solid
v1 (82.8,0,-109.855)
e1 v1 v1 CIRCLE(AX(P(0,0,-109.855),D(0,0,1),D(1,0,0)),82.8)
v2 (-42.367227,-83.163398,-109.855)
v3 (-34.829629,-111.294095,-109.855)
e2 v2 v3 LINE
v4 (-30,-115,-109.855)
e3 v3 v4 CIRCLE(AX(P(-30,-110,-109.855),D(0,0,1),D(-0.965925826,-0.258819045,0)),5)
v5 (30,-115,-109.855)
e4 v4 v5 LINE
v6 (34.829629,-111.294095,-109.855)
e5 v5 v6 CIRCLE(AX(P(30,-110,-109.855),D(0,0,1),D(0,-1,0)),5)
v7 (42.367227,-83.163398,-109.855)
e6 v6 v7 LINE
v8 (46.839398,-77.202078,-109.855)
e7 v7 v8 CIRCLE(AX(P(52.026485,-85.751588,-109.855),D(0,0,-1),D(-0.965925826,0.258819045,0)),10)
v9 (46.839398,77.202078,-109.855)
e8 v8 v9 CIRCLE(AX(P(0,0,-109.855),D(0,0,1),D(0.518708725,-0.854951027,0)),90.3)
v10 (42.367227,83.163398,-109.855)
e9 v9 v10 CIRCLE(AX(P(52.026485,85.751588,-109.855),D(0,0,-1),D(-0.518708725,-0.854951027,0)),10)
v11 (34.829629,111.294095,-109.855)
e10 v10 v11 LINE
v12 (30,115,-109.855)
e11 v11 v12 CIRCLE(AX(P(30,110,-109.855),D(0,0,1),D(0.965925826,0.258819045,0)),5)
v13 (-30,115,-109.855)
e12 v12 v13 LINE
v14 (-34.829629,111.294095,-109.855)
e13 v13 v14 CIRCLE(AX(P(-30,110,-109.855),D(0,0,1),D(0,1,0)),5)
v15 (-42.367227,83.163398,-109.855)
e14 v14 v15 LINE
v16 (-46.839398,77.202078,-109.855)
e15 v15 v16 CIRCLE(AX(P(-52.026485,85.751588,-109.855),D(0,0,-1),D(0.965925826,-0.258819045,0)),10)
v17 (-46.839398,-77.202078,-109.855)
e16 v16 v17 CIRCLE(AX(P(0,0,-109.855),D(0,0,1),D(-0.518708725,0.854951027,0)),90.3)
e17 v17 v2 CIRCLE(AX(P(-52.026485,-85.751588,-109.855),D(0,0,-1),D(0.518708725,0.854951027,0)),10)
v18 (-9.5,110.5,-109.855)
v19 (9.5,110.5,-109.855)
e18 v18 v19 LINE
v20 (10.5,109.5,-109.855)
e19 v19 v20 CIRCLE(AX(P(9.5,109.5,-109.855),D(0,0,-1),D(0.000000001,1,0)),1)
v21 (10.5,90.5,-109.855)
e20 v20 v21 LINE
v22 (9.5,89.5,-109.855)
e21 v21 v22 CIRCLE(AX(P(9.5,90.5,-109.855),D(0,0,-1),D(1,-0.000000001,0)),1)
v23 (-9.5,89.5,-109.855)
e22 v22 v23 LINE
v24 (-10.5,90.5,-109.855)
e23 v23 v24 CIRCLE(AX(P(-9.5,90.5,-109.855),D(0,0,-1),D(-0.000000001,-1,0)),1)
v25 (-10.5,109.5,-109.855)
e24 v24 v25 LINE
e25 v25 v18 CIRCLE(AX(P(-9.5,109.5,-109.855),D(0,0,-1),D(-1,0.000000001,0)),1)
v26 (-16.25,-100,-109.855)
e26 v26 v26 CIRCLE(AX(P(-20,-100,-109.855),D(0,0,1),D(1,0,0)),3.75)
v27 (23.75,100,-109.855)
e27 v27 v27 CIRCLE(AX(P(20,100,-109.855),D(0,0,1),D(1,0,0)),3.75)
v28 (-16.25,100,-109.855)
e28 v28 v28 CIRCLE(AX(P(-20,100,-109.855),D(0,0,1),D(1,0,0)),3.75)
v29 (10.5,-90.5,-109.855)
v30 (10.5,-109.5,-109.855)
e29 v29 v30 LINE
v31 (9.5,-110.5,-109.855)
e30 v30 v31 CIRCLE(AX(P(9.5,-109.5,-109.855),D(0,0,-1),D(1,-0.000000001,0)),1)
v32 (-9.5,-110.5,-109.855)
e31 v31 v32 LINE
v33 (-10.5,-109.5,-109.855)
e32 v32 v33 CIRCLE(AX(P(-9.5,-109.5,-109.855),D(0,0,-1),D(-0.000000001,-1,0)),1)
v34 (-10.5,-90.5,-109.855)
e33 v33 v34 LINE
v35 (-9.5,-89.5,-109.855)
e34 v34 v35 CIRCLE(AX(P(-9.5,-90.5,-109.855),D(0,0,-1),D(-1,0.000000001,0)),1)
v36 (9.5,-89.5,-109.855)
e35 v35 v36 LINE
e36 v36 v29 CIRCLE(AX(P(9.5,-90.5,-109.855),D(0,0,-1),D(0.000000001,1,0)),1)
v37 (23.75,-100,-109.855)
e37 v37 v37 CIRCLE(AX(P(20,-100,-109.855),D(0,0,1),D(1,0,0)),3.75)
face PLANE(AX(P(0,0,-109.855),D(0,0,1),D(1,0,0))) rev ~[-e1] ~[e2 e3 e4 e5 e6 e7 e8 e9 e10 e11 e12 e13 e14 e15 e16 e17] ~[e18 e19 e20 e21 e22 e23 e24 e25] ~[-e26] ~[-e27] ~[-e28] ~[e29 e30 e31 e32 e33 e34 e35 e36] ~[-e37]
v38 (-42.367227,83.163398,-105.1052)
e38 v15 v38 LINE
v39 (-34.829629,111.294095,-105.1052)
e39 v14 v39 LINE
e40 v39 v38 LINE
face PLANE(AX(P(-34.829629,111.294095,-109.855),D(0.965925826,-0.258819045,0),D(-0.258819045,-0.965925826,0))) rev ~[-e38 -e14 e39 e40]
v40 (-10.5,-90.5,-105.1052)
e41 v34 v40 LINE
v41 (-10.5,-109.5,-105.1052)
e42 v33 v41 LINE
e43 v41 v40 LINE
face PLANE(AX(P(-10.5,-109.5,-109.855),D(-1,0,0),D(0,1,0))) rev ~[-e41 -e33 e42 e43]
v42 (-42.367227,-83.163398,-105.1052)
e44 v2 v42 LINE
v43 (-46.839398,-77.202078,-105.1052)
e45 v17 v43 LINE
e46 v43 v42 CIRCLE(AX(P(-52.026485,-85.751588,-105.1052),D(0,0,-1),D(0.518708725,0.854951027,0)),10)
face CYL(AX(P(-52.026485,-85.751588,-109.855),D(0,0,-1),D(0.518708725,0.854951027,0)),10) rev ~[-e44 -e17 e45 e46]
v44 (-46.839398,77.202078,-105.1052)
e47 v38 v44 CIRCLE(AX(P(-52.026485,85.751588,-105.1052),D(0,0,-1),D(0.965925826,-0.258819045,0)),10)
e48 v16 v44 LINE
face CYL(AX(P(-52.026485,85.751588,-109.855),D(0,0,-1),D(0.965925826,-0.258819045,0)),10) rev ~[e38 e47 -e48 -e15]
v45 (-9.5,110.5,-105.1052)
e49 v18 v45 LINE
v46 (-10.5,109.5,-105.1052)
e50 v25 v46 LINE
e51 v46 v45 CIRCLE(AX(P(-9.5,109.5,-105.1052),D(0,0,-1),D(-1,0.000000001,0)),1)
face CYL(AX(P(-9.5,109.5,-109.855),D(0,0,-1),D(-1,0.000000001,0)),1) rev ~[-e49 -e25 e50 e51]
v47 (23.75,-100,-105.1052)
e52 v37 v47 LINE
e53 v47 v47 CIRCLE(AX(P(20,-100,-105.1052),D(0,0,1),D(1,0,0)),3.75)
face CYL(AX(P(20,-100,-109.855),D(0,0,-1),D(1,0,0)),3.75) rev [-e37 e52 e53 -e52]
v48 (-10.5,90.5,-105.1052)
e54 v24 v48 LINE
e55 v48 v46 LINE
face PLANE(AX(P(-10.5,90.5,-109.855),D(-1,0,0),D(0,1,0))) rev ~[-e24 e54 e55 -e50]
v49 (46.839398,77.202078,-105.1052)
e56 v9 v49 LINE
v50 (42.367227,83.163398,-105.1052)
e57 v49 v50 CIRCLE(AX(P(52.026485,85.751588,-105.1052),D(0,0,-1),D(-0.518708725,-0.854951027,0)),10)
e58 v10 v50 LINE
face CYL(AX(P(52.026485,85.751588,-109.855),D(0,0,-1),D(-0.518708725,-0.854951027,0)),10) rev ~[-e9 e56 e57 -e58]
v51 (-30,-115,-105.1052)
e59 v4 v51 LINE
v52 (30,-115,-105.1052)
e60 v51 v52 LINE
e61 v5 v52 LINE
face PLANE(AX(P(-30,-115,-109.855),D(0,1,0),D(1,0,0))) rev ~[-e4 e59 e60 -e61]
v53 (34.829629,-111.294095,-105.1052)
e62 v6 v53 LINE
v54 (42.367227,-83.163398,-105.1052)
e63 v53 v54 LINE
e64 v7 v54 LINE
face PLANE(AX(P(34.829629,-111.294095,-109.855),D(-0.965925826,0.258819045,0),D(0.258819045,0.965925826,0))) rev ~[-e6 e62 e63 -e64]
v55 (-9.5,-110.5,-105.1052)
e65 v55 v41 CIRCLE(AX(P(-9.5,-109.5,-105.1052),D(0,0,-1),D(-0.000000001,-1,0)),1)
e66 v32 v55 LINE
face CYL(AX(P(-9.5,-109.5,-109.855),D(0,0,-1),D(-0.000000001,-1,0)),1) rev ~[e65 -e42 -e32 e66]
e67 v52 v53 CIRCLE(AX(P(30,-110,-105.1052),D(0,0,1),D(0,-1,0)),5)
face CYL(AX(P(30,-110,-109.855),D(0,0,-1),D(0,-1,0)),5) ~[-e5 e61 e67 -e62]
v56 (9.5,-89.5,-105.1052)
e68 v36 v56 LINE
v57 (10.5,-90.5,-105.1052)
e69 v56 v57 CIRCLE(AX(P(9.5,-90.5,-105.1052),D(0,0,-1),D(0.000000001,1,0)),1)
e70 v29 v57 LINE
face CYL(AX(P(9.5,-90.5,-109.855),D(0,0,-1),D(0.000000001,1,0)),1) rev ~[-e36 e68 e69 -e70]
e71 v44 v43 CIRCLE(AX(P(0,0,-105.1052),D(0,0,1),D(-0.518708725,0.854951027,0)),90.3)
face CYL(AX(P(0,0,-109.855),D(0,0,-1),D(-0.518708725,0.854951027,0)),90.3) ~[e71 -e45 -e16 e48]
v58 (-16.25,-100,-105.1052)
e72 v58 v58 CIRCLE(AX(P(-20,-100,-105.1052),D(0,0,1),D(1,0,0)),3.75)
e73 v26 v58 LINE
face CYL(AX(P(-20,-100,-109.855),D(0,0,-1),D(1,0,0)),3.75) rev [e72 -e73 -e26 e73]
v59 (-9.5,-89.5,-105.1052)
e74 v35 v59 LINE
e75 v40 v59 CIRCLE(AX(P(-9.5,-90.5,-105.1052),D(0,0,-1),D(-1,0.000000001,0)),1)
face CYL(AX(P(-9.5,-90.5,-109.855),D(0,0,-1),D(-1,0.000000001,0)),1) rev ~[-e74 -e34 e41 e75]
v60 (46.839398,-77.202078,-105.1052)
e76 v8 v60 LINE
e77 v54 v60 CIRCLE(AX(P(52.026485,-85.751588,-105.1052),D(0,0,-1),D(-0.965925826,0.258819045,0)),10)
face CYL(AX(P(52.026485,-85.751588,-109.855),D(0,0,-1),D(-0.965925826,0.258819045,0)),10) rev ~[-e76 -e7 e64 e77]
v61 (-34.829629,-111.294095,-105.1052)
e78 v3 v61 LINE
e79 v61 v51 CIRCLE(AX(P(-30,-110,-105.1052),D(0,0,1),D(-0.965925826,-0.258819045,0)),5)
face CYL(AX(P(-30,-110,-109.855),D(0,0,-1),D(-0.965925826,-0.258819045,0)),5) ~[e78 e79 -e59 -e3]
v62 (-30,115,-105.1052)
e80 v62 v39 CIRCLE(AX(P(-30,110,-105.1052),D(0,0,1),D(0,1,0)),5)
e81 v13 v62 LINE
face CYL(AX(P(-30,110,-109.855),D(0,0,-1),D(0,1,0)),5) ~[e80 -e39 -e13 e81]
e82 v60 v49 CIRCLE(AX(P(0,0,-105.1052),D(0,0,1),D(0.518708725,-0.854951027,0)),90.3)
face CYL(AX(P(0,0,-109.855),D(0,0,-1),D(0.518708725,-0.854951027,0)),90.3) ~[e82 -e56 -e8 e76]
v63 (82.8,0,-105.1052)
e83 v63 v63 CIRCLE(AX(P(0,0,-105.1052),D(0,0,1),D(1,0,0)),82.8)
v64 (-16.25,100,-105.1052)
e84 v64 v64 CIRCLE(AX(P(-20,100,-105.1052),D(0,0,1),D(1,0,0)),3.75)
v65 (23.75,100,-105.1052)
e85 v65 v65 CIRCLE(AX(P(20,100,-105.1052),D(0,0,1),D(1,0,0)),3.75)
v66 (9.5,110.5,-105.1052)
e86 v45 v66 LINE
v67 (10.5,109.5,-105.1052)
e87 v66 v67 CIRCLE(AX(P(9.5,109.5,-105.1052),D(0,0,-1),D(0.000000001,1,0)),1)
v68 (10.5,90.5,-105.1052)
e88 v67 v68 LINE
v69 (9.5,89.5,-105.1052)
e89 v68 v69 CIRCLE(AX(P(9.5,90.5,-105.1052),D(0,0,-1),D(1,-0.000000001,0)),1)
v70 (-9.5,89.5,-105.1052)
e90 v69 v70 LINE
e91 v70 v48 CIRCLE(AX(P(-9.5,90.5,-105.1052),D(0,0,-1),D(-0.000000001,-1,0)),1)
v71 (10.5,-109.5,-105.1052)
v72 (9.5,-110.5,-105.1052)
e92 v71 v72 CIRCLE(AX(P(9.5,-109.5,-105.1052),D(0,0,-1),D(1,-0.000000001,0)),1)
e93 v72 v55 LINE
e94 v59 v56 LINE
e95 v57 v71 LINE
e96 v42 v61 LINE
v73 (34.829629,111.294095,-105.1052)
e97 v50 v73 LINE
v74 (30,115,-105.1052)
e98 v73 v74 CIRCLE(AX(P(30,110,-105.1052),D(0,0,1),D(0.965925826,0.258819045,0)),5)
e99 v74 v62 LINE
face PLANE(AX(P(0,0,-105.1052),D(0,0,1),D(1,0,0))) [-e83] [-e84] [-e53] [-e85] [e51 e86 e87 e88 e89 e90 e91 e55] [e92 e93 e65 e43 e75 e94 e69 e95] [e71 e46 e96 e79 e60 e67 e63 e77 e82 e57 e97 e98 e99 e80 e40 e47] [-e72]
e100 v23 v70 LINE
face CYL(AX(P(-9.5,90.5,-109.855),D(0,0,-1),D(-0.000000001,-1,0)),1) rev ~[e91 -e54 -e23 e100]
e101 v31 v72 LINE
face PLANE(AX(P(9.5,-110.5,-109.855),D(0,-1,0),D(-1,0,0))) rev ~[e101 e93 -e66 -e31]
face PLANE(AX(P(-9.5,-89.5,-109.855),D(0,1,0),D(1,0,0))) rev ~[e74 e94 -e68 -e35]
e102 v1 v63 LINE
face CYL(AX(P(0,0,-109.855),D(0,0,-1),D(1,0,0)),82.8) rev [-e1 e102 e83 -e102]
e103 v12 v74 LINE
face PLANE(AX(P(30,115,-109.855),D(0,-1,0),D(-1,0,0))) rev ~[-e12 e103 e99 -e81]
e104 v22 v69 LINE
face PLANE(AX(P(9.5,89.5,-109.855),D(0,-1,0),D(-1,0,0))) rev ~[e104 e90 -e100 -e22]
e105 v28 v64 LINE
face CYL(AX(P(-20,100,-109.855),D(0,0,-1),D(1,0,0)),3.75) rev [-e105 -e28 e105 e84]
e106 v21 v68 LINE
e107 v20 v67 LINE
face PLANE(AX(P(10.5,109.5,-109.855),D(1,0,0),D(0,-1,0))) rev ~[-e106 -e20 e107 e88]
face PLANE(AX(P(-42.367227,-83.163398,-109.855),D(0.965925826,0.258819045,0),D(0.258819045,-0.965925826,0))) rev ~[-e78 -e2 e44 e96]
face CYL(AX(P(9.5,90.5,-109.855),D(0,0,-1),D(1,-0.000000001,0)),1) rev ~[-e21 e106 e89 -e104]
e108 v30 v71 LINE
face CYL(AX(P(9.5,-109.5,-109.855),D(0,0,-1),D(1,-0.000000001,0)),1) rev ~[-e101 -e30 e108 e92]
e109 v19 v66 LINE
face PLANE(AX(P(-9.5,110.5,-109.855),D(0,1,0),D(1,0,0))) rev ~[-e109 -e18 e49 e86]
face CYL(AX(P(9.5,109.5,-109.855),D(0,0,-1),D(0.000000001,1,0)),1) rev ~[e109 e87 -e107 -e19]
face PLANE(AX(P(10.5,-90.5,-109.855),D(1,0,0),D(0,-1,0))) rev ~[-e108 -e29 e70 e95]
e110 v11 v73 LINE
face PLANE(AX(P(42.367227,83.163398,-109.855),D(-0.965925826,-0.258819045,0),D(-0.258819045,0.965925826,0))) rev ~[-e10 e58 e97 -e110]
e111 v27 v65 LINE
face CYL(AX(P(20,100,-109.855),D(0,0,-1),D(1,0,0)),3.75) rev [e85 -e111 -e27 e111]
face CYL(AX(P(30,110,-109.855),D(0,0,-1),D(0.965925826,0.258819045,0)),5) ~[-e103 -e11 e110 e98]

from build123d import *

# Parameters (mm, degrees)
SKETCH2_R           = 3.75
SKETCH2_R_2         = 82.8
BOSS_EXTRUDE1_DEPTH = 4.7498


with BuildPart() as part:
    # Sketch2 → Boss-Extrude1 (new body)
    with BuildSketch(Plane.XY.offset(-109.855)):
        with BuildLine():
            Line((34.829629131, -111.294095226), (42.367226853, -83.16339756))
            ThreePointArc((42.367226853, -83.16339756), (44.027245948, -79.750573703), (46.839397866, -77.202077741))
            ThreePointArc((46.839397866, -77.202077741), (90.3, 0), (46.839397866, 77.202077741))
            ThreePointArc((46.839397866, 77.202077741), (44.027245948, 79.750573703), (42.367226853, 83.16339756))
            Line((42.367226853, 83.16339756), (34.829629131, 111.294095226))
            ThreePointArc((34.829629131, 111.294095226), (33.043807145, 113.966766701), (30, 115))
            Line((30, 115), (-30, 115))
            ThreePointArc((-30, 115), (-33.043807145, 113.966766701), (-34.829629131, 111.294095226))
            Line((-34.829629131, 111.294095226), (-42.367226853, 83.16339756))
            ThreePointArc((-42.367226853, 83.16339756), (-44.027245948, 79.750573703), (-46.839397866, 77.202077741))
            ThreePointArc((-46.839397866, 77.202077741), (-90.3, 0), (-46.839397866, -77.202077741))
            ThreePointArc((-46.839397866, -77.202077741), (-44.027245948, -79.750573703), (-42.367226853, -83.16339756))
            Line((-42.367226853, -83.16339756), (-34.829629131, -111.294095226))
            ThreePointArc((-34.829629131, -111.294095226), (-33.043807145, -113.966766701), (-30, -115))
            Line((-30, -115), (30, -115))
            ThreePointArc((30, -115), (33.043807145, -113.966766701), (34.829629131, -111.294095226))
        make_face()
        with Locations((20, -100)):
            Circle(SKETCH2_R, mode=Mode.SUBTRACT)
        with Locations((-20, -100)):
            Circle(SKETCH2_R, mode=Mode.SUBTRACT)
        with Locations((-20, 100)):
            Circle(SKETCH2_R, mode=Mode.SUBTRACT)
        with Locations((20, 100)):
            Circle(SKETCH2_R, mode=Mode.SUBTRACT)
        Circle(SKETCH2_R_2, mode=Mode.SUBTRACT)
        with BuildLine():
            Line((9.5, 89.5), (-9.5, 89.5))
            ThreePointArc((-9.5, 89.5), (-10.207106781, 89.792893219), (-10.5, 90.5))
            Line((-10.5, 90.5), (-10.5, 109.5))
            ThreePointArc((-10.5, 109.5), (-10.207106781, 110.207106781), (-9.5, 110.5))
            Line((-9.5, 110.5), (9.5, 110.5))
            ThreePointArc((9.5, 110.5), (10.207106781, 110.207106781), (10.5, 109.5))
            Line((10.5, 109.5), (10.5, 90.5))
            ThreePointArc((10.5, 90.5), (10.207106781, 89.792893219), (9.5, 89.5))
        make_face(mode=Mode.SUBTRACT)
        with BuildLine():
            Line((9.5, -110.5), (-9.5, -110.5))
            ThreePointArc((-9.5, -110.5), (-10.207106781, -110.207106781), (-10.5, -109.5))
            Line((-10.5, -109.5), (-10.5, -90.5))
            ThreePointArc((-10.5, -90.5), (-10.207106781, -89.792893219), (-9.5, -89.5))
            Line((-9.5, -89.5), (9.5, -89.5))
            ThreePointArc((9.5, -89.5), (10.207106781, -89.792893219), (10.5, -90.5))
            Line((10.5, -90.5), (10.5, -109.5))
            ThreePointArc((10.5, -109.5), (10.207106781, -110.207106781), (9.5, -110.5))
        make_face(mode=Mode.SUBTRACT)
    extrude(amount=BOSS_EXTRUDE1_DEPTH)


solid = part.part
